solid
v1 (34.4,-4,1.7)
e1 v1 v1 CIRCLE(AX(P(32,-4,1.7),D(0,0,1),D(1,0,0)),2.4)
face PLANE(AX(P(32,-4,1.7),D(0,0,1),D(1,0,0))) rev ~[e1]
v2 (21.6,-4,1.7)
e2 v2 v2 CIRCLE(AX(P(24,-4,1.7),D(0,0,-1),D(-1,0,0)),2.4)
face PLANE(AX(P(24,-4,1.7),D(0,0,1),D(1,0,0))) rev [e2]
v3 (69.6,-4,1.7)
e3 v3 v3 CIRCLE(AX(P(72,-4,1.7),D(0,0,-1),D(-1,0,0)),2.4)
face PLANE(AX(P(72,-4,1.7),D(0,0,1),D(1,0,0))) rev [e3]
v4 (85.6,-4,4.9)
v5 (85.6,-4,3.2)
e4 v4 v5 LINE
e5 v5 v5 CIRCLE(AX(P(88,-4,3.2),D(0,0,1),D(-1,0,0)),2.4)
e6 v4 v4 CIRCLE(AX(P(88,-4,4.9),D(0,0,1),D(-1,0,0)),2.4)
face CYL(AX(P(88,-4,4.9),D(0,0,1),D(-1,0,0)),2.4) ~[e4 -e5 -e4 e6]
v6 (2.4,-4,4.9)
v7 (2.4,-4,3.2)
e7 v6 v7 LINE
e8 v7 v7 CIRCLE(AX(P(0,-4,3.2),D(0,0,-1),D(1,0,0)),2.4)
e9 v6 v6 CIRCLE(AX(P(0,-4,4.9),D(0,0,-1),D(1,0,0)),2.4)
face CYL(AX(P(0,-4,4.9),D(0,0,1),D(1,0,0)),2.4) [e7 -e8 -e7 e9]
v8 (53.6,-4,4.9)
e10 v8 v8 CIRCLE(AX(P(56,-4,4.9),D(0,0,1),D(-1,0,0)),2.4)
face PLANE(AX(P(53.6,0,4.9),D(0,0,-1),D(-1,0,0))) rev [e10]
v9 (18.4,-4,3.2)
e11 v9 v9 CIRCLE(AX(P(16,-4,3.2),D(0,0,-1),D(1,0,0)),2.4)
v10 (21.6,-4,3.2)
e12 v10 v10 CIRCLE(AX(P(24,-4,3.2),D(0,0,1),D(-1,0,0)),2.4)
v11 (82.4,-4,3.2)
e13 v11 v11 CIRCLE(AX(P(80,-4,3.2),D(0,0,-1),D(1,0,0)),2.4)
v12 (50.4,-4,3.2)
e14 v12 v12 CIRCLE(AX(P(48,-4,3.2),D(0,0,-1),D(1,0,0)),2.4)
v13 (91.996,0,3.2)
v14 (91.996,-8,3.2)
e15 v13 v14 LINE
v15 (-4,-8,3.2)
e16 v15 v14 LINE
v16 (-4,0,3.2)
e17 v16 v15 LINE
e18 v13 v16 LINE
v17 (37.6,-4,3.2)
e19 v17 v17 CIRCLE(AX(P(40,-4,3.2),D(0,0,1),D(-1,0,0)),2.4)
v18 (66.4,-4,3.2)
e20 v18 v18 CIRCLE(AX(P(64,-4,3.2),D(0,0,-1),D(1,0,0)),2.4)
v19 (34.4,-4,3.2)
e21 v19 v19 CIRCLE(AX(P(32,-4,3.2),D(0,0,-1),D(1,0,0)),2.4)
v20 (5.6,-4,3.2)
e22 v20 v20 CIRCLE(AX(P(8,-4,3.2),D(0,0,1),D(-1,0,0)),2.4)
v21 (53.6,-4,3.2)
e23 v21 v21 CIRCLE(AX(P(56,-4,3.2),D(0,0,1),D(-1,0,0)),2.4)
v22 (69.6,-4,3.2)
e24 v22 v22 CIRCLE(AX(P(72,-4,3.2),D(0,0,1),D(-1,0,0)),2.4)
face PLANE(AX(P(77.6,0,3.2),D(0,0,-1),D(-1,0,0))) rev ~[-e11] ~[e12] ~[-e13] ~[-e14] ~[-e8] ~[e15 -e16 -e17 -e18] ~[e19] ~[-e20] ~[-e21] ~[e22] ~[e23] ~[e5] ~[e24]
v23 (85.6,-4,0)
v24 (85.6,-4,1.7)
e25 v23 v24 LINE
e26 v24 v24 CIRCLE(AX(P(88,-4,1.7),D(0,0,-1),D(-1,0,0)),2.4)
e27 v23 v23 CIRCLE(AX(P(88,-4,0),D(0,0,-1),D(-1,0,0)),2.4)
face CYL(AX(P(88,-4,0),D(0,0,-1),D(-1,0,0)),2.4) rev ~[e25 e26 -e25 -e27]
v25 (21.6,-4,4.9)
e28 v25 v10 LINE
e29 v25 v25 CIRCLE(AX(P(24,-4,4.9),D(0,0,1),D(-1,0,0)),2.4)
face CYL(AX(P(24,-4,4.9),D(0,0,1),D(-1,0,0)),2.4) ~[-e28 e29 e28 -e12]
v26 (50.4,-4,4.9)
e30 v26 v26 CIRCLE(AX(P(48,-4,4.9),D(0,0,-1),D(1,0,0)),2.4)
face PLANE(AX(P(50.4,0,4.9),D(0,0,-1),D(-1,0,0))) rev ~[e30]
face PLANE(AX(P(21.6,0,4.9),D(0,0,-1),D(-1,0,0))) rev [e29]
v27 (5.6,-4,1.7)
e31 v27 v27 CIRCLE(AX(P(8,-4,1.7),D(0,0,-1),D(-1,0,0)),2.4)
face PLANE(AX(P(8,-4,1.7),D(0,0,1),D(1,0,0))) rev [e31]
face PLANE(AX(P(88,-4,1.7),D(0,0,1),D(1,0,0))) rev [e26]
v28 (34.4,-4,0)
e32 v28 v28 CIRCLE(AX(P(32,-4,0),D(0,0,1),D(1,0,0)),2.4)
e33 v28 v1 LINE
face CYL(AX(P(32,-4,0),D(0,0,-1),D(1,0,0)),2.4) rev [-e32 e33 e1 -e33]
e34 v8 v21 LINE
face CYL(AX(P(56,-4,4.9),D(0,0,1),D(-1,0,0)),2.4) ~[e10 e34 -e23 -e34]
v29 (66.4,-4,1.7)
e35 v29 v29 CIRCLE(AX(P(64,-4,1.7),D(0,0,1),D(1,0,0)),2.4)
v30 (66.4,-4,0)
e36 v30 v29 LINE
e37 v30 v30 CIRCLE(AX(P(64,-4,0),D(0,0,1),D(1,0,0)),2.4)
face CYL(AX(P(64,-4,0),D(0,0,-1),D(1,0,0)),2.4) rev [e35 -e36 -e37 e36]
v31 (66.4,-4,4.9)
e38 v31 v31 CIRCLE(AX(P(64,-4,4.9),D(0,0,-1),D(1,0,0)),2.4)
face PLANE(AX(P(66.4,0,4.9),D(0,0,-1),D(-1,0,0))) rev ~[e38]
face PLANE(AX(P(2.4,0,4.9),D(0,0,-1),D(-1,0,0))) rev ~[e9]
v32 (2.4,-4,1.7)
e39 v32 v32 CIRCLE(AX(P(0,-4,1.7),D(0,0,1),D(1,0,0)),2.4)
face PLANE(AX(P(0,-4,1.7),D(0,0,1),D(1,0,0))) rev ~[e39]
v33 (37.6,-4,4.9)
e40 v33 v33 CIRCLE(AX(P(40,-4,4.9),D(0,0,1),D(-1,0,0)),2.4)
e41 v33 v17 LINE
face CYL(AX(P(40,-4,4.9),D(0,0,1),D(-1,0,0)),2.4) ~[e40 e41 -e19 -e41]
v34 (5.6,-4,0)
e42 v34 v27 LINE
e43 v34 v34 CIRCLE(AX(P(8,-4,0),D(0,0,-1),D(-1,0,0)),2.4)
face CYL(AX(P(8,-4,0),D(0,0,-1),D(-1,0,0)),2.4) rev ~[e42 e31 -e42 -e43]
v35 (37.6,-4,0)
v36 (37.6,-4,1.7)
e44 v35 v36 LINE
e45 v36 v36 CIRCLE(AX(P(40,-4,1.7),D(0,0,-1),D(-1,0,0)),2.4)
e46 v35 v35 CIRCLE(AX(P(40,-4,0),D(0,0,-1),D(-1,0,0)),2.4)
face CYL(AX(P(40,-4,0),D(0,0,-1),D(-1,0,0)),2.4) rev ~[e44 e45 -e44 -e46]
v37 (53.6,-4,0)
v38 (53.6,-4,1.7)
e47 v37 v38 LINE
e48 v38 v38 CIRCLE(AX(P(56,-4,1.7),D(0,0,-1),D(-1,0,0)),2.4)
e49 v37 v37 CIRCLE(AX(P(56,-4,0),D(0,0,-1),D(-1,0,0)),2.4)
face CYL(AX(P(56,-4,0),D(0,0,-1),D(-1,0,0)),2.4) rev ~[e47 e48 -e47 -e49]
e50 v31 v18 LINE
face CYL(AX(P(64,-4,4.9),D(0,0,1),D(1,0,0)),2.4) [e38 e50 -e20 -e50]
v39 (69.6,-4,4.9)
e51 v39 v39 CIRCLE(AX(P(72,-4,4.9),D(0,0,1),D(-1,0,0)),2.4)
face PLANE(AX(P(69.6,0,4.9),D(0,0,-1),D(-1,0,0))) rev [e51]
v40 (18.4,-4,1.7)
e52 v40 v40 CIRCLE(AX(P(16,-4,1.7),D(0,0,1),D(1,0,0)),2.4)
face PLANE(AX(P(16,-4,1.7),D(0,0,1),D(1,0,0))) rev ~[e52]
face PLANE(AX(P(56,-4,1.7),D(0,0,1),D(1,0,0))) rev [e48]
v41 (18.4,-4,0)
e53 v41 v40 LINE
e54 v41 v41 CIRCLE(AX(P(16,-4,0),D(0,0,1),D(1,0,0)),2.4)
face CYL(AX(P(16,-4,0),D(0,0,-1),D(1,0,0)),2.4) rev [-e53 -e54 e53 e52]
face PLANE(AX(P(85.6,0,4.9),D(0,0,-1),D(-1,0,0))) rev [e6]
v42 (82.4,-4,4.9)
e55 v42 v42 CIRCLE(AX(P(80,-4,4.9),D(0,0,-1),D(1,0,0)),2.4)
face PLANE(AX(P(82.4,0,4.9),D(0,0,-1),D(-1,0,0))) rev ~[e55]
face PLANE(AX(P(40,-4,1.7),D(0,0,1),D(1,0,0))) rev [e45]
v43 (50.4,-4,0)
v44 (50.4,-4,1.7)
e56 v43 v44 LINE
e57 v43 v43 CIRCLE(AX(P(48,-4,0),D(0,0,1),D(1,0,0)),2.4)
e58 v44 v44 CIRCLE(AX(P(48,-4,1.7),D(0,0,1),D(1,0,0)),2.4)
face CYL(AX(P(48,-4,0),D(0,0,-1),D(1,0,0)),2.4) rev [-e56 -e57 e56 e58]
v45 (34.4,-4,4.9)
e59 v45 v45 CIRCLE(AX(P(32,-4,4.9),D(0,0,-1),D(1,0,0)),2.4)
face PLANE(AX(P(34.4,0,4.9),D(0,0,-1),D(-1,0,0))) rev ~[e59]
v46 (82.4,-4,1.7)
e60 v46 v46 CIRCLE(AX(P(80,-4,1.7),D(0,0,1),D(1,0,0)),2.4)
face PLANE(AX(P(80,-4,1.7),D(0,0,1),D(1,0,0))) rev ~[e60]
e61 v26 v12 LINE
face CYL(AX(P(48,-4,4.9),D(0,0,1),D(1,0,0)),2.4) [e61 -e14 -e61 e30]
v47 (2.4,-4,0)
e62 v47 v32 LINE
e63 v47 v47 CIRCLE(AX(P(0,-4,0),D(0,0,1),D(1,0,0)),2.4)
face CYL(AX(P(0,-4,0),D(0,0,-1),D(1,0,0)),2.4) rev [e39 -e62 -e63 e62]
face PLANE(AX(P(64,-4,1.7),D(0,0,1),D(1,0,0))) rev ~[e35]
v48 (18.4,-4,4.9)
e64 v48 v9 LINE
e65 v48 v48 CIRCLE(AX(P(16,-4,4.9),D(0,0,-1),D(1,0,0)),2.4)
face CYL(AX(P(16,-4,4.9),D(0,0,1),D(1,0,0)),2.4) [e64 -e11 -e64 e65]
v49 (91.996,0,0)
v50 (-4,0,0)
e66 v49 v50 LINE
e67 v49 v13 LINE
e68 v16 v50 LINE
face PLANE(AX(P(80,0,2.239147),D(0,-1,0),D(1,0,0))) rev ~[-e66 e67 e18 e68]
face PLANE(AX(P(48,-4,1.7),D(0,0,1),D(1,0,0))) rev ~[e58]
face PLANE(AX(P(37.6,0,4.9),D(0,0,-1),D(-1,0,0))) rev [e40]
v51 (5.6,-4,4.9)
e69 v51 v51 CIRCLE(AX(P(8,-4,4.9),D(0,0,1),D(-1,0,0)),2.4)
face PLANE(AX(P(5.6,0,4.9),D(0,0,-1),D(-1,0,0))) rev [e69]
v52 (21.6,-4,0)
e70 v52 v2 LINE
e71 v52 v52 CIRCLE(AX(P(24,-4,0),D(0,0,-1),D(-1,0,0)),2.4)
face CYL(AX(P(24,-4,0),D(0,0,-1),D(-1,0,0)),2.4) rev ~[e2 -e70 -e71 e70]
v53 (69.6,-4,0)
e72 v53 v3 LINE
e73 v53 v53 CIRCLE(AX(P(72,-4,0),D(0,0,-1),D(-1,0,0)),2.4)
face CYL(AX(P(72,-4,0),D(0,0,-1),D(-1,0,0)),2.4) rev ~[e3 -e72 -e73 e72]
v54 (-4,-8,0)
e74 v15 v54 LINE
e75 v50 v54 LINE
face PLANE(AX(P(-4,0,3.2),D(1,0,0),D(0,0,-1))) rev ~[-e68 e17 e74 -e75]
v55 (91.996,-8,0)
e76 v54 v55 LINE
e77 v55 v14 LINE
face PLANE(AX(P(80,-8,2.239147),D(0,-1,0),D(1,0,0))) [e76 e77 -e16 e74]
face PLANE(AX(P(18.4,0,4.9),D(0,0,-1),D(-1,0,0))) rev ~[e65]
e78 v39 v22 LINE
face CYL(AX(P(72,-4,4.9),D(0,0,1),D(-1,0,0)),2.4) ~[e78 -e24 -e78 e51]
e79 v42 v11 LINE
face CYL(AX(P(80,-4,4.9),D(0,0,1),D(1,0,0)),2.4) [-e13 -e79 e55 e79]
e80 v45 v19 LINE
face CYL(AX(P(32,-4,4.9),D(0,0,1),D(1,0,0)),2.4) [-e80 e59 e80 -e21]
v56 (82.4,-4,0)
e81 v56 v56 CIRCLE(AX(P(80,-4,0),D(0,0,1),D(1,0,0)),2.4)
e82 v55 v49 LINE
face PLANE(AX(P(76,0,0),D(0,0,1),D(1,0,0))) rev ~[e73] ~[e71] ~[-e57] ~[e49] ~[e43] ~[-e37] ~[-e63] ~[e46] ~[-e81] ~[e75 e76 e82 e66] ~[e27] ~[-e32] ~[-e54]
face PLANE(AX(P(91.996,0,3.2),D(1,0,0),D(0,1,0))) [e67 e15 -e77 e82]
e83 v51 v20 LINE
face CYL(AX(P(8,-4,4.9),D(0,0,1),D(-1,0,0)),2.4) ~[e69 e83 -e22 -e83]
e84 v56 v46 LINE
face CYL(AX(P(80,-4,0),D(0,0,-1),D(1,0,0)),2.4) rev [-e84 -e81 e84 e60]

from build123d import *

# Parameters (mm, degrees)
F1_DEPTH  = 8
F3_W      = 8
F3_H      = 8
F3_R      = 2.4
F4_DEPTH  = 1.7
F5_R      = 2.4
F6_DEPTH  = 1.7
F14_W     = 31.3753262162
F14_H     = 26.4205296278
F15_DEPTH = 32.004


with BuildPart() as f1:
    # F0 (on Front) → F1 (new body)
    with BuildSketch(Plane.XZ):
        Polygon((-2.4, 3.2), (-4, 3.2), (-4, 0), (4, 0), (4, 3.2), (2.4, 3.2), (2.4, 4.9), (-2.4, 4.9), align=None)
    extrude(amount=F1_DEPTH)

    # F3 (on plane+point) → F4 (cut, through all)
    with BuildSketch(Plane.XY.offset(4.9)):
        with Locations((0, -4)):
            Rectangle(F3_W, F3_H)
        with Locations((0, -4)):
            Circle(F3_R, mode=Mode.SUBTRACT)
    extrude(amount=-F4_DEPTH, mode=Mode.SUBTRACT)

    # F5 (on Top) → F6 (cut)
    with BuildSketch(Plane.XY):
        with Locations((0, -4)):
            Circle(F5_R)
    extrude(amount=F6_DEPTH, mode=Mode.SUBTRACT)

    # F8: F1 across plane


with BuildPart() as f1_1:
    add(f1.part)
    add(f1.part.mirror(Plane.YZ.offset(4)))

    # F10: F1 across plane


with BuildPart() as f1_2:
    add(f1_1.part)
    add(f1_1.part.mirror(Plane.YZ.offset(12)))

    # F12: F1 across plane


with BuildPart() as f1_3:
    add(f1_2.part)
    add(f1_2.part.mirror(Plane.YZ.offset(28)))

    # F13: F1 across face


with BuildPart() as f1_4:
    add(f1_3.part)
    add(f1_3.part.mirror(Plane(origin=(60, -4, 1.6), x_dir=(0, 1, 0), z_dir=(1, 0, 0))))

    # F14 (on face) → F15 (cut)
    with BuildSketch(Plane.YZ.offset(124)):
        with Locations((0, 3.2)):
            Rectangle(F14_W, F14_H)
    extrude(amount=-F15_DEPTH, mode=Mode.SUBTRACT)


solid = f1_4.part
